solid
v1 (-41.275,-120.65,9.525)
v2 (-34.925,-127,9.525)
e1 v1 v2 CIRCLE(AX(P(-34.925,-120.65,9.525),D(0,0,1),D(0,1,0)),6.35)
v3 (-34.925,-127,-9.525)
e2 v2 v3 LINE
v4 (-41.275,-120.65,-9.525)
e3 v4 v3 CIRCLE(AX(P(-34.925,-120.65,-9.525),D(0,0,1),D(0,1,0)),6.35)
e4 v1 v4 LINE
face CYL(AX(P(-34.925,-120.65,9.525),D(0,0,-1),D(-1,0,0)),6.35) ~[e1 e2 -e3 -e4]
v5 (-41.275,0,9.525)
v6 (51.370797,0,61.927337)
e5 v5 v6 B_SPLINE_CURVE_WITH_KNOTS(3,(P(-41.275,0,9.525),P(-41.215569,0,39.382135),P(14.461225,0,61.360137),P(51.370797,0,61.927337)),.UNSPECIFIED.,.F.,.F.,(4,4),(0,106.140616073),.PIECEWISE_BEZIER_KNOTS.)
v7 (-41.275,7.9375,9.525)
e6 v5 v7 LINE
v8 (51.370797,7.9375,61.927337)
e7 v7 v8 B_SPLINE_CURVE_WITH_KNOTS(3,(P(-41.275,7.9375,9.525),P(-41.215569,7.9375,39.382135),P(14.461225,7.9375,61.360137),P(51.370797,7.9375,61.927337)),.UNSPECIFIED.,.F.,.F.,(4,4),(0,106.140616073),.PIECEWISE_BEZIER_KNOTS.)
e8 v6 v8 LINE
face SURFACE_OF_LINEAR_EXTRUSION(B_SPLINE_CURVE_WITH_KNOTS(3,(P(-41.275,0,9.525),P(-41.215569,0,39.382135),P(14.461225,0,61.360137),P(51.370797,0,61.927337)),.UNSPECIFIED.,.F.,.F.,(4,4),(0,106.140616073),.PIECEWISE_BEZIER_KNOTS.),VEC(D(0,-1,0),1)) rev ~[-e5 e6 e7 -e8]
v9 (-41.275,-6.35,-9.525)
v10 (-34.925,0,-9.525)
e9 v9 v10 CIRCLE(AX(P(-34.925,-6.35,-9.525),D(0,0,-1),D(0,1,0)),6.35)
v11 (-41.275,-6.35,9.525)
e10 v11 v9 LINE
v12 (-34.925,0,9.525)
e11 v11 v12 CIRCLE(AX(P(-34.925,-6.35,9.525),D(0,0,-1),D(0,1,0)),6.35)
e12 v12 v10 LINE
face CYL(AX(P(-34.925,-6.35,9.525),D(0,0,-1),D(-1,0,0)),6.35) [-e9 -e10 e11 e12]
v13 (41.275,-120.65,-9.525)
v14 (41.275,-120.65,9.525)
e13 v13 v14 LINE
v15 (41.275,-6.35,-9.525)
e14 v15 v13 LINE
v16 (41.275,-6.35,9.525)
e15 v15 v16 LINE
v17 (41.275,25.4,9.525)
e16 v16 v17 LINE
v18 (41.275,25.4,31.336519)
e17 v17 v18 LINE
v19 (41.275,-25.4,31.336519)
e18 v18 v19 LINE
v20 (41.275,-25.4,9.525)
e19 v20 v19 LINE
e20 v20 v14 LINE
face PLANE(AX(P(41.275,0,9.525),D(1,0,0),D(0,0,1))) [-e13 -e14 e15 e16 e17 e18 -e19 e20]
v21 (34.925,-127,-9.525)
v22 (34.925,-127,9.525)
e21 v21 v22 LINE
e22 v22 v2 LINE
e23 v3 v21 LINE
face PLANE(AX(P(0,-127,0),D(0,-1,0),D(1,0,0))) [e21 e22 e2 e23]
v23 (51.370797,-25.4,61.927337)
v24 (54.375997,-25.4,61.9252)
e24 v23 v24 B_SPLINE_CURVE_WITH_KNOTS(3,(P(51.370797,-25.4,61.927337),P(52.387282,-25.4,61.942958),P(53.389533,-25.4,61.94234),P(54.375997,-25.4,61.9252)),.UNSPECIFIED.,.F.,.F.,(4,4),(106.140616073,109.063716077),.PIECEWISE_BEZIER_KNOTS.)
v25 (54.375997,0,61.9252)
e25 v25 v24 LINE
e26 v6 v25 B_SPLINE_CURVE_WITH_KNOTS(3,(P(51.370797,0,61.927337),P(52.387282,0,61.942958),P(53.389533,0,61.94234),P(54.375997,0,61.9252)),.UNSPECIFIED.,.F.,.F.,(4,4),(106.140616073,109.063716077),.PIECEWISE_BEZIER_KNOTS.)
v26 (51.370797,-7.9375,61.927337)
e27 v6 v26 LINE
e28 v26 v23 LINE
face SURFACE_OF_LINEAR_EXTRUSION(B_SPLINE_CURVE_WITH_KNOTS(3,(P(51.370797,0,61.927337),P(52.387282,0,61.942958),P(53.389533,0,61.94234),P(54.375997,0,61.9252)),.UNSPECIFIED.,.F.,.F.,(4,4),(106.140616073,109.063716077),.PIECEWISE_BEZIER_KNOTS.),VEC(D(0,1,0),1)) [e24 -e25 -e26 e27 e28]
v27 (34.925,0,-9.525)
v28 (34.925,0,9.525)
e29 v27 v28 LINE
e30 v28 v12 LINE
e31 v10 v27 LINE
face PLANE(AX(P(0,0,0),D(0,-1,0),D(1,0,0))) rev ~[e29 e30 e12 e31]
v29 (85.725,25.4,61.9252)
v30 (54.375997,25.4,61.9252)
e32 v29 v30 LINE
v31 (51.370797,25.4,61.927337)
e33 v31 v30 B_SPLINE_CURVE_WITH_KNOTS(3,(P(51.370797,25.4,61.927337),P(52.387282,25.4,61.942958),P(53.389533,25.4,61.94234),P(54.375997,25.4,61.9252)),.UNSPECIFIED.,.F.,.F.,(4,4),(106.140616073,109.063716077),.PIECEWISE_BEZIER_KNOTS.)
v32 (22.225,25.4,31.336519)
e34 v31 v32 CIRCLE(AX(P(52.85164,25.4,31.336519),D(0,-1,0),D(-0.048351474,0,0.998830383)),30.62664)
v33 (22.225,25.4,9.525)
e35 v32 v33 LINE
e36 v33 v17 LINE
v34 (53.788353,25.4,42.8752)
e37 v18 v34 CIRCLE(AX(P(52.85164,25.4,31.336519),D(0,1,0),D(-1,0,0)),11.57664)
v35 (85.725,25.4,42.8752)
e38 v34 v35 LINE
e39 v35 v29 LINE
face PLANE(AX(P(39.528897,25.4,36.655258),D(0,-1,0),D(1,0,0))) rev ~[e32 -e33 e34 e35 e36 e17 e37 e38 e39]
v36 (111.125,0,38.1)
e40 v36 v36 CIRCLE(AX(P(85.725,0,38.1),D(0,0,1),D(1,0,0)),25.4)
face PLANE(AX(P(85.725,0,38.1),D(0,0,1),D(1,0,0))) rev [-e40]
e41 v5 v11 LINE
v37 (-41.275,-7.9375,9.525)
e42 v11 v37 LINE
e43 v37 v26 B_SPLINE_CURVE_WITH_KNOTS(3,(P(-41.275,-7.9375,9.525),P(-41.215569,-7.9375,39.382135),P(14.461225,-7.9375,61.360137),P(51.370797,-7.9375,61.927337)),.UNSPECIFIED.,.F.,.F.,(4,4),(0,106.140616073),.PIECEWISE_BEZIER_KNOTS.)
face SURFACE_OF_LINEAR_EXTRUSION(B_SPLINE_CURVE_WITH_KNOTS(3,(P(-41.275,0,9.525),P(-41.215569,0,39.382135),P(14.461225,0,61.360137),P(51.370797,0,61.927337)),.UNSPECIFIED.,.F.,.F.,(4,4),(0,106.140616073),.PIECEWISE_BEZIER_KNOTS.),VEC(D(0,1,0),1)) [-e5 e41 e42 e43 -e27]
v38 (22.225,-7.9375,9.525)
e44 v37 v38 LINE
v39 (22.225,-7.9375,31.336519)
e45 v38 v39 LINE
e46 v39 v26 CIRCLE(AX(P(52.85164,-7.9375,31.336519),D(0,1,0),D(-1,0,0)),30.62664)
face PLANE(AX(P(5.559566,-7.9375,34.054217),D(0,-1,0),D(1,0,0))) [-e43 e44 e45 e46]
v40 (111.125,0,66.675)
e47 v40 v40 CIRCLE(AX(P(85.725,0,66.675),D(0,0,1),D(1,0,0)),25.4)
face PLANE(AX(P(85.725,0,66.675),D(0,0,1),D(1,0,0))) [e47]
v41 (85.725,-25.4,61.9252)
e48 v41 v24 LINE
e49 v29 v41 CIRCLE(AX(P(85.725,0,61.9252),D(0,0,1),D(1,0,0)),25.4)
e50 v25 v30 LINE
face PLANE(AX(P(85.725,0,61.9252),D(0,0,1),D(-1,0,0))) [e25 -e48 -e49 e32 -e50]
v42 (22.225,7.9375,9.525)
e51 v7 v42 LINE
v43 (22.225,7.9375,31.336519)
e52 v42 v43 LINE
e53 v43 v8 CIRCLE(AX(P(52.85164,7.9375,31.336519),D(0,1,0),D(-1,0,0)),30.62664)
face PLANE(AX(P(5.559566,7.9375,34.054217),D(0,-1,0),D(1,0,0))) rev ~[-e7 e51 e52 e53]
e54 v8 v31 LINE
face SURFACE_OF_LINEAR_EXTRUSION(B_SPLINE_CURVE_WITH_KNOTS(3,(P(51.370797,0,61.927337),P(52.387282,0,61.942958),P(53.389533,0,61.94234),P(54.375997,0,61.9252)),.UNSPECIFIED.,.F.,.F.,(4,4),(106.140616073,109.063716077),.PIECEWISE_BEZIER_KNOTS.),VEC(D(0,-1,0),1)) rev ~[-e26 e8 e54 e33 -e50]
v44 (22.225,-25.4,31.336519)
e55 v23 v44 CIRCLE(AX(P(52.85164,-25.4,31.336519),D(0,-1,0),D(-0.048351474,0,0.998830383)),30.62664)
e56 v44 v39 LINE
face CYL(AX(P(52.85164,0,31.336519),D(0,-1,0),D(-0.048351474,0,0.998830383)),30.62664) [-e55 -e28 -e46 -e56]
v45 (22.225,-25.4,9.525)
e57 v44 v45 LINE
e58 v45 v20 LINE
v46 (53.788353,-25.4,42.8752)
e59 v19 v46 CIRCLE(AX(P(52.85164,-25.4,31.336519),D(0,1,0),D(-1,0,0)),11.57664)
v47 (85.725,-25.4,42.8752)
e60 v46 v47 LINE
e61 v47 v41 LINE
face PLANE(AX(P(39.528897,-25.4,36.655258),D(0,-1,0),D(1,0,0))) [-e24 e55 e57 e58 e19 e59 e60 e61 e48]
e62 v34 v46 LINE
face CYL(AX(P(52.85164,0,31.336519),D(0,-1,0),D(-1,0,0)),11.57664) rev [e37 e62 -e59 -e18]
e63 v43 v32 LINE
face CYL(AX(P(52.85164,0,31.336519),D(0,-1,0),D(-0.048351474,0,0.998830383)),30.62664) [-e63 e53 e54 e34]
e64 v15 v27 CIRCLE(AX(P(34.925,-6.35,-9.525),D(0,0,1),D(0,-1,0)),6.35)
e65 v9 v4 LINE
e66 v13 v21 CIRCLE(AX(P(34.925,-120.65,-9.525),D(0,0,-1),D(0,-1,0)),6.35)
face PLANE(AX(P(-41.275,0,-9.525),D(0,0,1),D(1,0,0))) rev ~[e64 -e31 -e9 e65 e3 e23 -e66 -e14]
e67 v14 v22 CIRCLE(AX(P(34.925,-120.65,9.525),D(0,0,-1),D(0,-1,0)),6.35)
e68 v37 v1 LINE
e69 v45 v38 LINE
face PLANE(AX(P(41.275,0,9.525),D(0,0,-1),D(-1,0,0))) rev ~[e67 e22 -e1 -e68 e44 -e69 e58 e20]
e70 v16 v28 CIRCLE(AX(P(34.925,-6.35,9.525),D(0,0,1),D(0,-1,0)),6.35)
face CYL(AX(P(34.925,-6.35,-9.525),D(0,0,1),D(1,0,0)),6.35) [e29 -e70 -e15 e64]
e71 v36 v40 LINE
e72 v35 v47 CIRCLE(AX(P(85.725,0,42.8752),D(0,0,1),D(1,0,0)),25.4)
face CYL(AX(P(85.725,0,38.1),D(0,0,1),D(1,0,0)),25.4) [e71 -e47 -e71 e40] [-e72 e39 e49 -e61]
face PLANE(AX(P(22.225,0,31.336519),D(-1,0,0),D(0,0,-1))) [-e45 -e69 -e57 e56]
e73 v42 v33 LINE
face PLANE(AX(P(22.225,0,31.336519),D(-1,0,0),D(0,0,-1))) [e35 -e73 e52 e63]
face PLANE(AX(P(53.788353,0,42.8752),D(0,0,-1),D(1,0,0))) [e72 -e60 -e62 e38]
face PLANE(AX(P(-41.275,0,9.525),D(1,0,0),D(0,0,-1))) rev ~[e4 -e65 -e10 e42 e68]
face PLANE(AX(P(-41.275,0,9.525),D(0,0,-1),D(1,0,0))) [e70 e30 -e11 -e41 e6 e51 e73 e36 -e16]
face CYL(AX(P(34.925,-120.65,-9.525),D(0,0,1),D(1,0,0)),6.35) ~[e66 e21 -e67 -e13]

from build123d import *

# Parameters (mm, degrees)
F1_DEPTH = 127
F0_W     = 25.4
F0_H     = 19.05
F2_DEPTH = 25.4
F3_DEPTH = 7.9375
F5_R     = 6.35


with BuildPart() as f1:
    # F0 (on Front) → F1 (new body)
    with BuildSketch(Plane.XZ):
        Polygon((41.275, -9.525), (41.275, 9.525), (22.225, 9.525), (-41.275, 9.525), (-41.275, -9.525), align=None)
    extrude(amount=F1_DEPTH)

    # F0 (on Front) → F2 (join, symmetric)
    with BuildSketch(Plane.XZ):
        with BuildLine():
            Line((22.225, 9.525), (41.275, 9.525))
            Line((41.275, 9.525), (41.275, 31.3365191218))
            ThreePointArc((41.275, 31.3365191218), (45.0038822026, 39.8471765228), (53.788352915, 42.8752))
            Line((53.788352915, 42.8752), (60.325, 42.8752))
            Line((60.325, 42.8752), (60.325, 61.9252))
            Line((60.325, 61.9252), (54.3759968817, 61.9252))
            add(Edge.make_bspline(
                [(51.370796581, 61.9273374506), (52.3872818236, 61.9429580973), (53.3895331595, 61.9423398279), (54.3759968817, 61.9252)],
                knots=[106.1406160735, 106.1406160735, 106.1406160735, 106.1406160735, 109.0637160769, 109.0637160769, 109.0637160769, 109.0637160769], degree=3))
            ThreePointArc((51.370796581, 61.9273374506), (30.6779581359, 52.4627801751), (22.225, 31.3365191218))
            Line((22.225, 31.3365191218), (22.225, 9.525))
        make_face()
        with Locations((73.025, 52.4002)):
            Rectangle(F0_W, F0_H)
    extrude(amount=F2_DEPTH, both=True)

    # F0 (on Front) → F3 (join, symmetric)
    with BuildSketch(Plane.XZ):
        with BuildLine():
            Line((-41.275, 9.525), (22.225, 9.525))
            Line((22.225, 9.525), (22.225, 31.3365191218))
            ThreePointArc((22.225, 31.3365191218), (30.6779581359, 52.4627801751), (51.370796581, 61.9273374506))
            add(Edge.make_bspline(
                [(-41.275, 9.525), (-41.2155685722, 39.382135411), (14.4612246374, 61.3601365133), (51.370796581, 61.9273374506)],
                knots=[0, 0, 0, 0, 106.1406160735, 106.1406160735, 106.1406160735, 106.1406160735], degree=3))
        make_face()
    extrude(amount=F3_DEPTH, both=True)

    # F0 (on Front) → F4 (revolve)
    with BuildSketch(Plane.XZ):
        Polygon((85.725, 61.9252), (85.725, 42.8752), (85.725, 38.1), (111.125, 38.1), (111.125, 66.675), (85.725, 66.675), align=None)
    revolve(axis=Axis((85.725, 0, 52.3875), (0, 0, 1)))

    # F5
    f5_edges = [f1.edges().sort_by_distance(p)[0] for p in [
        (41.275, -127, 0),
        (-41.275, -127, 0),
        (41.275, 0, 0),
        (-41.275, 0, 0),
    ]]
    fillet(f5_edges, radius=F5_R)


solid = f1.part
